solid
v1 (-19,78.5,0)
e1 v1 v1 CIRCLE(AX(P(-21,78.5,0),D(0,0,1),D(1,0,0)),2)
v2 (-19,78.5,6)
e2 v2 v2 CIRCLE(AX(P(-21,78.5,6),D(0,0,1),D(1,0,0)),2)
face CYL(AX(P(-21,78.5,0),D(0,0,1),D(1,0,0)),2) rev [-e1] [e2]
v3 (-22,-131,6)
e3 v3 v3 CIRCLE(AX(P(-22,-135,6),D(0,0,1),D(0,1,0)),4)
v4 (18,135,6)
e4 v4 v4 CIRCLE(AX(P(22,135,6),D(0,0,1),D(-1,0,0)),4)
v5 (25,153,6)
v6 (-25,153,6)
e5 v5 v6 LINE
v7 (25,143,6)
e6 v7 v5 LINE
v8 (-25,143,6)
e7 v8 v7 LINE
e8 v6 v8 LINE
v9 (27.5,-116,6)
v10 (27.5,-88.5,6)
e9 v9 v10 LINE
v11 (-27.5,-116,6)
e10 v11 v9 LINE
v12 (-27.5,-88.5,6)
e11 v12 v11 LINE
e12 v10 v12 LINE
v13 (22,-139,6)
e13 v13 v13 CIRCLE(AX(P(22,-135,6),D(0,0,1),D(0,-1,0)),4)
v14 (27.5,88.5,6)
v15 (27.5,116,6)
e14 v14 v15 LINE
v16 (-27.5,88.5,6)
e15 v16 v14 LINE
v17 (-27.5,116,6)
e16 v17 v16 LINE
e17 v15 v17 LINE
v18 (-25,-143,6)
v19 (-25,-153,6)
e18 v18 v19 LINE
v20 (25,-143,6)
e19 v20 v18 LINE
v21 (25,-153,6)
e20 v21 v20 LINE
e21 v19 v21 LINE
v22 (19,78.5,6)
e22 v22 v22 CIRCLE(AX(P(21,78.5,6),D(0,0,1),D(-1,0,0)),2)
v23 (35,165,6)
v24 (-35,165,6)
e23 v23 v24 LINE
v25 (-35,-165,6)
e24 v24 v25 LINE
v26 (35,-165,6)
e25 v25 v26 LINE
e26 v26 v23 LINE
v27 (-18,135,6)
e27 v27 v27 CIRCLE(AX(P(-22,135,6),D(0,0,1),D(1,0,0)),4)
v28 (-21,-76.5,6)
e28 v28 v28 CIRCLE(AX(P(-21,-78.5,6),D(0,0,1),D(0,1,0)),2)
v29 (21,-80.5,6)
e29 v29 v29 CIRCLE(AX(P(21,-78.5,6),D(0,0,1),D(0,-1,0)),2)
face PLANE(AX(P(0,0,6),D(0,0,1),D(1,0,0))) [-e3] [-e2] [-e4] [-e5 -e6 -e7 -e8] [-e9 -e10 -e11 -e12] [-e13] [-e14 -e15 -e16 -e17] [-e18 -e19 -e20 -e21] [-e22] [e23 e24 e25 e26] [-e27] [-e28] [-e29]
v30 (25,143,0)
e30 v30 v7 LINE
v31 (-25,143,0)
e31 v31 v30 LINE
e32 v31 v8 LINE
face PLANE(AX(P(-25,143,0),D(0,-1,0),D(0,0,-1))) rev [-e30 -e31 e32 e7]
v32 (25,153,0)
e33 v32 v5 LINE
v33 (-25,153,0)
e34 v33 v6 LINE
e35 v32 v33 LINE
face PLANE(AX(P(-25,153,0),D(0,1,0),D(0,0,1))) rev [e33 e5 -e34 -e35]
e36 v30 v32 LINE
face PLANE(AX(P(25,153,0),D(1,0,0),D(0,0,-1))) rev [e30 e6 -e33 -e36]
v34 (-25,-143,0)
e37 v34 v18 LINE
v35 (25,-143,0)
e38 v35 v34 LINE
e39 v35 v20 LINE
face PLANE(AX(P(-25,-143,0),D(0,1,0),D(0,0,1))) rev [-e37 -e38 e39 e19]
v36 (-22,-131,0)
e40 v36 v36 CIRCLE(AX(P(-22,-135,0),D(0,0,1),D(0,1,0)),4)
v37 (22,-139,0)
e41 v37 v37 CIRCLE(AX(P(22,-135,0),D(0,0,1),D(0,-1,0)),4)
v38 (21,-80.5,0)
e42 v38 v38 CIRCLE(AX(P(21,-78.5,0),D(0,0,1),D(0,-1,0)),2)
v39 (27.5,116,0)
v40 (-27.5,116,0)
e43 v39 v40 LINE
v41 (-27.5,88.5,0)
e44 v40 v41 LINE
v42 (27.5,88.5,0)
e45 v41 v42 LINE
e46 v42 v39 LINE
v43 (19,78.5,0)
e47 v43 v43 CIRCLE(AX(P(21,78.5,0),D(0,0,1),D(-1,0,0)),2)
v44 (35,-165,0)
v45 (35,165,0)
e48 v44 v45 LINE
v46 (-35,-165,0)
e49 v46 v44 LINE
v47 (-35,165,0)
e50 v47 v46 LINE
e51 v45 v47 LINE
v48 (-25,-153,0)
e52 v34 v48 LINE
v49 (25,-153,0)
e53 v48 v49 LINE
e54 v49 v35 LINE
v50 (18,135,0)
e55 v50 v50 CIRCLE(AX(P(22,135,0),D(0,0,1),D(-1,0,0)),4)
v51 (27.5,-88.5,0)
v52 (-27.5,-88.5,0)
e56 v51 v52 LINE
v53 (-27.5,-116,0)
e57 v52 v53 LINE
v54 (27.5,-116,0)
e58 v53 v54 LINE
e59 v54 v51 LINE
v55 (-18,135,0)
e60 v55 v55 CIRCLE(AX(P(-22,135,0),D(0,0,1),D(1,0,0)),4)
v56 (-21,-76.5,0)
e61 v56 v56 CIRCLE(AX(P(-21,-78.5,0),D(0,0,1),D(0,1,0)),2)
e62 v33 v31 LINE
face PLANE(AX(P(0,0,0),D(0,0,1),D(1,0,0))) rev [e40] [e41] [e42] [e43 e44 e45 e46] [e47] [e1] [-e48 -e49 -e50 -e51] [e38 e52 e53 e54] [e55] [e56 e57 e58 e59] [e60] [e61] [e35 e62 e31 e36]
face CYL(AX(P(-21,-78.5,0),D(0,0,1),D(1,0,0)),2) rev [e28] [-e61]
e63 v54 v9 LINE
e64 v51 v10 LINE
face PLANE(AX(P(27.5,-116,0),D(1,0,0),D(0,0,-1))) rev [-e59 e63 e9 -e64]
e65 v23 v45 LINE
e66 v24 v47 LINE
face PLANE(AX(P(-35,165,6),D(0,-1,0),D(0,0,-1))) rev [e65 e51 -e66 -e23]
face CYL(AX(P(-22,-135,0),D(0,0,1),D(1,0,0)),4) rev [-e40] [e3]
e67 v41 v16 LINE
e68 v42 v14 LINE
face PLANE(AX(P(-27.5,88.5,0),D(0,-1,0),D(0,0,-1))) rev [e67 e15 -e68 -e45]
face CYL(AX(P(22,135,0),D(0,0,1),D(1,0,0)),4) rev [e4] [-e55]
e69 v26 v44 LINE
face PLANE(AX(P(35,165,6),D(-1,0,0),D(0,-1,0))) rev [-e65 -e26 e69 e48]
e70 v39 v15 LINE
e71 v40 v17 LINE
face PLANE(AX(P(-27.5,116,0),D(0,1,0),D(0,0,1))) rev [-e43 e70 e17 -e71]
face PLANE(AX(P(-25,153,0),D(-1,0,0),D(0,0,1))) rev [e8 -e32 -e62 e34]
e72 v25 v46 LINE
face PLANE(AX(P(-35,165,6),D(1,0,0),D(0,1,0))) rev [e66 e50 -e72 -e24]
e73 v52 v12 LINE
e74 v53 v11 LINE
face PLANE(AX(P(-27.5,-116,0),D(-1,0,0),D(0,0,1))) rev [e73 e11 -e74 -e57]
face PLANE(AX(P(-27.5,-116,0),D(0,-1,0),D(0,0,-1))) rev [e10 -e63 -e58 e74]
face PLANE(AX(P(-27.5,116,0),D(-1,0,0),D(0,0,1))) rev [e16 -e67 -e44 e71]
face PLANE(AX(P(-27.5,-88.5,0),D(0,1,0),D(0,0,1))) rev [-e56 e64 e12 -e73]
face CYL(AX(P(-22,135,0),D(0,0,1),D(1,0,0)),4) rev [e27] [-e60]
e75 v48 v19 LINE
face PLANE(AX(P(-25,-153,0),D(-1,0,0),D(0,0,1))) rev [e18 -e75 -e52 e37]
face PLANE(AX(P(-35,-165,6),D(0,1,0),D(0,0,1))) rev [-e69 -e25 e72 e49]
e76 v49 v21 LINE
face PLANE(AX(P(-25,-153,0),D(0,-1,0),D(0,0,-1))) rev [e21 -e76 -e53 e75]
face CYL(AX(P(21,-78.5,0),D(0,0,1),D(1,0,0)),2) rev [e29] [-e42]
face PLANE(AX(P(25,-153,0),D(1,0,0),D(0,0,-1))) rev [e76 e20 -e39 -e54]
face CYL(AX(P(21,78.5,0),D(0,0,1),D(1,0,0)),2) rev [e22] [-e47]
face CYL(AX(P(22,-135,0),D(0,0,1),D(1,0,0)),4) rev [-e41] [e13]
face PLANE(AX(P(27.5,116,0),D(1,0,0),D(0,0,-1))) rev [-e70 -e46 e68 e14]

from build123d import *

# Parameters (mm, degrees)
ESQUISSE1_W             = 70
ESQUISSE1_H             = 330
BOSS_EXTRU_1_DEPTH      = 6
ESQUISSE2_R             = 2
ESQUISSE2_R_2           = 4
ESQUISSE2_W             = 55
ESQUISSE2_H             = 27.5
ESQUISSE2_W_2           = 50
ESQUISSE2_H_2           = 10
ENL_V_MAT_EXTRU_2_DEPTH = 169.777960647


with BuildPart() as part:
    # Esquisse1 → Boss.-Extru.1 (new body)
    with BuildSketch(Plane.XY):
        Rectangle(ESQUISSE1_W, ESQUISSE1_H)
    extrude(amount=BOSS_EXTRU_1_DEPTH)

    # Esquisse2 → Enlèv. mat.-Extru.2 (cut, through all)
    with BuildSketch(Plane.XY.offset(6)):
        with Locations((-21, 78.5)):
            Circle(ESQUISSE2_R)
        with Locations(Location((21, 78.5, 0), (0, 0, 180))):
            Circle(ESQUISSE2_R)
        with Locations((-22, 135)):
            Circle(ESQUISSE2_R_2)
        with Locations(Location((22, 135, 0), (0, 0, 180))):
            Circle(ESQUISSE2_R_2)
        with Locations(Location((-21, -78.5, 0), (0, 0, 90))):
            Circle(ESQUISSE2_R)
        with Locations(Location((21, -78.5, 0), (0, 0, 270))):
            Circle(ESQUISSE2_R)
        with Locations(Location((-22, -135, 0), (0, 0, 90))):
            Circle(ESQUISSE2_R_2)
        with Locations(Location((22, -135, 0), (0, 0, 270))):
            Circle(ESQUISSE2_R_2)
        with Locations((0, 102.25)):
            Rectangle(ESQUISSE2_W, ESQUISSE2_H)
        with Locations((0, 148)):
            Rectangle(ESQUISSE2_W_2, ESQUISSE2_H_2)
        with Locations((0, -102.25)):
            Rectangle(ESQUISSE2_W, ESQUISSE2_H)
        with Locations((0, -148)):
            Rectangle(ESQUISSE2_W_2, ESQUISSE2_H_2)
    extrude(amount=-ENL_V_MAT_EXTRU_2_DEPTH, mode=Mode.SUBTRACT)


solid = part.part
